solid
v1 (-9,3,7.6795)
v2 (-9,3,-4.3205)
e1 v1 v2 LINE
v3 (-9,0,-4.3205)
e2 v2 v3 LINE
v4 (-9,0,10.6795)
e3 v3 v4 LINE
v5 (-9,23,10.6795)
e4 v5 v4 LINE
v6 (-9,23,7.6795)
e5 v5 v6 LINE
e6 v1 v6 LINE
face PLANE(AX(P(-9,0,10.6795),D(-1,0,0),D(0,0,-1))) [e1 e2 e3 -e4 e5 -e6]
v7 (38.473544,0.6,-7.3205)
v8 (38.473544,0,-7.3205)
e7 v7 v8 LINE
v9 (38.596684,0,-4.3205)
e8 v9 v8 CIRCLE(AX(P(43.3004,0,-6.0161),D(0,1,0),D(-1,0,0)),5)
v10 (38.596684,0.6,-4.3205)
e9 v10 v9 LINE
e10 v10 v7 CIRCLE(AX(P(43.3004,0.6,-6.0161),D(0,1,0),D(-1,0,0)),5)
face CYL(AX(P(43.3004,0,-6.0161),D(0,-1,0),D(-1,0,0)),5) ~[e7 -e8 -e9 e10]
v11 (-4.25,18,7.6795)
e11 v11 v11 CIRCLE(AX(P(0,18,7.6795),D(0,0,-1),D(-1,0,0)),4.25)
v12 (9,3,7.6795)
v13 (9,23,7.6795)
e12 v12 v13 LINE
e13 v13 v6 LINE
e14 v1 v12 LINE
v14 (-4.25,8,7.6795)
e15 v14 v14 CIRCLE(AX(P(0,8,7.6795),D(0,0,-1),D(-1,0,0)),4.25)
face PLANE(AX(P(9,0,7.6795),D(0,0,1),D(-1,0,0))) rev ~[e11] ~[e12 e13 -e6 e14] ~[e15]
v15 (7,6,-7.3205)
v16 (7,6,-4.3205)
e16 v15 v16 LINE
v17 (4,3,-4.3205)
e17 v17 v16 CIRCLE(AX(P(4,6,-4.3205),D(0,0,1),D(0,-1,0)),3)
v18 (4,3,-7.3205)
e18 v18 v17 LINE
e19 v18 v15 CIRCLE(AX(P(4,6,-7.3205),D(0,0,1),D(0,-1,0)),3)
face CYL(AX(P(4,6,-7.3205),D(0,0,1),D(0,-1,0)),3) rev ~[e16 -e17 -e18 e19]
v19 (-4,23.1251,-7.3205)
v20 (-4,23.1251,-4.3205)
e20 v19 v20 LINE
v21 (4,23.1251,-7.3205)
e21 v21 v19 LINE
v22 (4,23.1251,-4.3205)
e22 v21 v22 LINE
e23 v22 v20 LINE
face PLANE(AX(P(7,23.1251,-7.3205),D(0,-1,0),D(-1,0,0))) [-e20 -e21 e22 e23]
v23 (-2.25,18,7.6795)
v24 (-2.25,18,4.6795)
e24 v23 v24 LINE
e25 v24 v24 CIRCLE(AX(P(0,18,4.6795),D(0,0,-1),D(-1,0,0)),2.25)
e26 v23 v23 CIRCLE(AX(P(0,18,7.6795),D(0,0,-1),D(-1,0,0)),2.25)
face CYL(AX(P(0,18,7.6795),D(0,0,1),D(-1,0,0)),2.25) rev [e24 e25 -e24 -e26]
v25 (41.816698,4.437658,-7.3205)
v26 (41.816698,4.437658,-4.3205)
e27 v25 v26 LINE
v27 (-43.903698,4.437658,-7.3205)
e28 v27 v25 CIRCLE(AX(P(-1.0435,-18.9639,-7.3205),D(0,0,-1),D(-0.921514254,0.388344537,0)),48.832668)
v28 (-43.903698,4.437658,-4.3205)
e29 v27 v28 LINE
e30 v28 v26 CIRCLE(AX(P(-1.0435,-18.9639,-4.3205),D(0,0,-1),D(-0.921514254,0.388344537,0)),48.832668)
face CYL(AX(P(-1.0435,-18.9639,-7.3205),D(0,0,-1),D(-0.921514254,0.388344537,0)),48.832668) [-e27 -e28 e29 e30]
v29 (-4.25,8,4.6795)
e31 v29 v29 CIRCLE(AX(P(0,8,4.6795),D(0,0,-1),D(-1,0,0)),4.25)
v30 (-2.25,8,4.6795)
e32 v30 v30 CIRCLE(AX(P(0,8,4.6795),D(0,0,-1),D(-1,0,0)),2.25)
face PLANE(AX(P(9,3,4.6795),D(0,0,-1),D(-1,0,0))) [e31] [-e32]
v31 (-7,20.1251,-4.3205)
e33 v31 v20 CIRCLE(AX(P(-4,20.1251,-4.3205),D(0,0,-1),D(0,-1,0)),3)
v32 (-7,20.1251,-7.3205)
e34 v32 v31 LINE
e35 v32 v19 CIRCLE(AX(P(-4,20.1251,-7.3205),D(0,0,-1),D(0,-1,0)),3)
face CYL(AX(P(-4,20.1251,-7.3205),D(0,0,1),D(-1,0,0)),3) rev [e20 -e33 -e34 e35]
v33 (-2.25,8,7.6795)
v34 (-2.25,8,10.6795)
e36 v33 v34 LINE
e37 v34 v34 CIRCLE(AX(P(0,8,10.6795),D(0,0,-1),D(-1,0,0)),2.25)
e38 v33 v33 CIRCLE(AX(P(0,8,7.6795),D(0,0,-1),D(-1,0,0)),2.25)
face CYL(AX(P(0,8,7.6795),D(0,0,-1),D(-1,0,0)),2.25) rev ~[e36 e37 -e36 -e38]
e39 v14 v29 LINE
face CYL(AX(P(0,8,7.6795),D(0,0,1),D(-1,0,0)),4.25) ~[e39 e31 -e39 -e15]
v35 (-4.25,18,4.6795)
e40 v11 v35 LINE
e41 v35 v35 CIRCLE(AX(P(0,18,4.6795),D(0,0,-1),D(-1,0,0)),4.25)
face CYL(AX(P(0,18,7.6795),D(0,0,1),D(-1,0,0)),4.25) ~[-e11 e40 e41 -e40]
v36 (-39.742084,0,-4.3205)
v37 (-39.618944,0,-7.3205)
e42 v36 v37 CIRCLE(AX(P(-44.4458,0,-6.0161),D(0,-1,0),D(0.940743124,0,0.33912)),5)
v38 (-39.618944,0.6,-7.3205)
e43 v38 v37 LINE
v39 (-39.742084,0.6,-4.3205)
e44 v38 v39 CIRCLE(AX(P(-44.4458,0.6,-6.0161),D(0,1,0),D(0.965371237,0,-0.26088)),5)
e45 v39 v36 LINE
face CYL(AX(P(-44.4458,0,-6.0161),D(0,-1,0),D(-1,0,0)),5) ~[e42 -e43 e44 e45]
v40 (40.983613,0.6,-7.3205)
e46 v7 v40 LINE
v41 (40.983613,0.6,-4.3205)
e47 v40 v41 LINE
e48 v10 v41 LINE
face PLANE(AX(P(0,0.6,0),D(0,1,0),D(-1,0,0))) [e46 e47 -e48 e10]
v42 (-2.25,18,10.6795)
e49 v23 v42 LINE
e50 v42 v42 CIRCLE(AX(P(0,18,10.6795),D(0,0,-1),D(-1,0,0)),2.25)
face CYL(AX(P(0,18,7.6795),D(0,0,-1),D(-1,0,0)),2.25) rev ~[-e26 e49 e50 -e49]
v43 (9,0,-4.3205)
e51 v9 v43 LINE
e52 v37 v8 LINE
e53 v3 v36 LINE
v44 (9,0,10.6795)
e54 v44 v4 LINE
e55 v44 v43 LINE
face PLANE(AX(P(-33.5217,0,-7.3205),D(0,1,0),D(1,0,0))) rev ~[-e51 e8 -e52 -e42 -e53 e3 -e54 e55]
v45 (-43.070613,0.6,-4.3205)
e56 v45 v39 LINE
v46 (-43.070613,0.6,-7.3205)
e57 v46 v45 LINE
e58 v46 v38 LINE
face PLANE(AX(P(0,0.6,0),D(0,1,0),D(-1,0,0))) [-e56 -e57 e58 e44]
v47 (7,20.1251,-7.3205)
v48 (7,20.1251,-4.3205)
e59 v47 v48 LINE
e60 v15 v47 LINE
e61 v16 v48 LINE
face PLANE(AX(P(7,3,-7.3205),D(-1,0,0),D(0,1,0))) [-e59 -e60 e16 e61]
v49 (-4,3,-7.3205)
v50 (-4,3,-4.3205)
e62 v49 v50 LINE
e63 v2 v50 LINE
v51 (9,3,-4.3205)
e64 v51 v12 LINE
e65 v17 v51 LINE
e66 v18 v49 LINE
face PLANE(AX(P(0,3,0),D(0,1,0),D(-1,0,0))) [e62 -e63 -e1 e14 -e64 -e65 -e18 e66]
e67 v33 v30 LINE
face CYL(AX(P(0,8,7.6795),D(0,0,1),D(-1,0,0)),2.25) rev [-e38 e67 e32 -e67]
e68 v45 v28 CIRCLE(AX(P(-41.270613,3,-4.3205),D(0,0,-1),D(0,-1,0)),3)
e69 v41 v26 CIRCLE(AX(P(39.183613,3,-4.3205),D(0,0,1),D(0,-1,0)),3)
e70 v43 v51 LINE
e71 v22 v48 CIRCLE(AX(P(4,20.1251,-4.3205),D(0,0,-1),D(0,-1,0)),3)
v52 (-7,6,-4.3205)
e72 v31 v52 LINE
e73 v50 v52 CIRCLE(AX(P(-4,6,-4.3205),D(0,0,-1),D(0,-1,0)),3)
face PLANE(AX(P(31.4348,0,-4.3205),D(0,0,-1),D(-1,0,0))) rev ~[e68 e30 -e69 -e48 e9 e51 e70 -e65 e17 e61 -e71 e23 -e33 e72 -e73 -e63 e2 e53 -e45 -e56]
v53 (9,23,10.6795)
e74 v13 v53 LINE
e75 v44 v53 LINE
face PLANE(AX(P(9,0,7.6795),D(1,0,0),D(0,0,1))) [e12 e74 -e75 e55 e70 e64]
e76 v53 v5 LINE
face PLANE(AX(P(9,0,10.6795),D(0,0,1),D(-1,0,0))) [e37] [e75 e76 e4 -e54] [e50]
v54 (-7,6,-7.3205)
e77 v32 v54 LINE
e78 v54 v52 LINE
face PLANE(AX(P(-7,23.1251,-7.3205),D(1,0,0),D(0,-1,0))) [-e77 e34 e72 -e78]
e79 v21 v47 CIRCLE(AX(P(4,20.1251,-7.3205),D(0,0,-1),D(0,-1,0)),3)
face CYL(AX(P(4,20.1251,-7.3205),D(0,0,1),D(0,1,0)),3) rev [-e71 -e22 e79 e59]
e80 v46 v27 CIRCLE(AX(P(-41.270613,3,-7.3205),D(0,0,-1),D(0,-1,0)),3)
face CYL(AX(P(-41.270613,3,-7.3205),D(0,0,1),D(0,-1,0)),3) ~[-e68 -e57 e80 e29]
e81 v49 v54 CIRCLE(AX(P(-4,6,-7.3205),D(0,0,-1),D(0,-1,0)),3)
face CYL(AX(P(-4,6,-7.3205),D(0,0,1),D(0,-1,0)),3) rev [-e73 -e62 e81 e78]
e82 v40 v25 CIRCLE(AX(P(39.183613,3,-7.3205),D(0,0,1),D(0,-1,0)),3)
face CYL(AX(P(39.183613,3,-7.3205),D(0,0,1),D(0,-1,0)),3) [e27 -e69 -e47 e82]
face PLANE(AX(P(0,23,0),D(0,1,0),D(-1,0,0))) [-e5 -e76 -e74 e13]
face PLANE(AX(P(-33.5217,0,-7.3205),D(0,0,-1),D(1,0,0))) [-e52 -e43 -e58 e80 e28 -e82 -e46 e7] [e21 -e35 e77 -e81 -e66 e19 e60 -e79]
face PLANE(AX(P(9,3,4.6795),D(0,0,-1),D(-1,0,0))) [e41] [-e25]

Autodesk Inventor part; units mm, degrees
ref_plane "YZ Plane" through (0, 0, 0) normal (1, 0, 0) x (0, 1, 0)
ref_plane "XZ Plane" through (0, 0, 0) normal (0, 1, 0) x (-1, 0, 0)
ref_plane "XY Plane" through (0, 0, 0) normal (0, 0, 1) x (1, 0, 0)
sketch "Sketch1" plane through (0, 0, 0) normal (0, 1, 0) x (-1, 0, 0)
  line L0 (-9, 10.6795) -> (9, 10.6795)
  line L1 (9, 10.6795) -> (9, -4.7118)
  line L2 (9, -4.7118) -> (-9, -4.7118)
  line L3 (-9, -4.7118) -> (-9, 10.6795)
  line L4 (-9, 7.6795) -> (9, 7.6795)
  line L5 (-31.4348, -4.7118) -> (33.5217, -4.7118)
  line L6 (33.5217, -4.7118) -> (33.5217, -7.3205)
  line L7 (33.5217, -7.3205) -> (-31.4348, -7.3205)
  line L8 (-31.4348, -7.3205) -> (-31.4348, -4.7118)
  circle A0 centre (-43.3004, -6.0161) radius 5
  circle A1 centre (44.4458, -6.0161) radius 5
  point P0 (0, 0)
  point P1 (0, 7.6795)
  dimension "d6" = 3
  dimension "d7" = 18
  dimension "d8" = 18
  dimension "d34" = 10
  dimension "d35" = 10
extrude "Extrusion2" add sketch "Sketch1" along normal blind 3 contours L0 L1 L4 L3 | L4 L1 L2 L3 | L2 L5 L6 L7 L8
extrude "Extrusion3" add sketch "Sketch1" along normal blind 23 contours L0 L1 L4 L3
sketch "Sketch2" plane through (9, 3, 7.6795) normal (0, 0, -1) x (-1, 0, 0)
  line L0 (18, 0) -> (0, 0) projected
  line L1 (0, 20) -> (18, 20) projected
  circle A0 centre (9, 15) radius 2.25
  circle A1 centre (9, 5) radius 2.25
  circle A2 centre (9, 5) radius 4.25
  circle A3 centre (9, 15) radius 4.25
  point P0 (9, -3)
  point P1 (9, 20)
  point P2 (9, 0)
  dimension "d15" = 4.5
  dimension "d16" = 4.5
  dimension "d17" = 5
  dimension "d18" = 5
  dimension "d19" = 2
  dimension "d20" = 2
extrude "Extrusion4" cut sketch "Sketch2" against normal blind 3 contours A0 | A1
extrude "Extrusion5" add sketch "Sketch2" along normal blind 3
sketch "Sketch3" plane through (31.4348, 0, -7.3205) normal (0, 0, -1) x (-1, 0, 0)
  line L0 (64.9565, 0) -> (0, 0) projected
  line L1 (0, 3) -> (64.9565, 3) projected
  line L2 (24.4348, 23.1251) -> (38.4348, 23.1251)
  line L3 (38.4348, 23.1251) -> (38.4348, 3)
  line L4 (38.4348, 3) -> (24.4348, 3)
  line L5 (24.4348, 3) -> (24.4348, 23.1251)
  circle A0 centre (31.4348, 18) radius 2.25 projected
  circle A1 centre (31.4348, 8) radius 2.25 projected
  line L6 (0, 0) -> (0, 3) projected
  line L7 (-12.5217, -12.4797) -> (77.4783, -12.4797) construction
  arc A2 (77.4783, 0) -> (-12.5217, 0) centre (32.4783, -18.9639) ccw
  line L8 (-12.5217, 0) -> (77.4783, 0)
  point P0 (31.4348, 0)
  point P1 (32.4783, -12.4797)
  point P2 (32.4783, 0)
  dimension "d27" = 7
  dimension "d28" = 7
  dimension "d29" = 90
extrude "Extrusion6" add sketch "Sketch3" against normal blind 3 contours L0 L8 A2
fillet "Fillet1" radius 3 2 edges at (-46.0435, 0, -5.8205) (43.9565, 0, -5.8205)
fillet "Fillet2" radius 3 4 edges at (7, 3, -5.8205) (-7, 3, -5.8205) (-7, 23.1251, -5.8205) (7, 23.1251, -5.8205)
extrude "Extrusion8" add sketch "Sketch1" along normal blind 0.6 contours A0 | A1
properties part number "ZFoot"
